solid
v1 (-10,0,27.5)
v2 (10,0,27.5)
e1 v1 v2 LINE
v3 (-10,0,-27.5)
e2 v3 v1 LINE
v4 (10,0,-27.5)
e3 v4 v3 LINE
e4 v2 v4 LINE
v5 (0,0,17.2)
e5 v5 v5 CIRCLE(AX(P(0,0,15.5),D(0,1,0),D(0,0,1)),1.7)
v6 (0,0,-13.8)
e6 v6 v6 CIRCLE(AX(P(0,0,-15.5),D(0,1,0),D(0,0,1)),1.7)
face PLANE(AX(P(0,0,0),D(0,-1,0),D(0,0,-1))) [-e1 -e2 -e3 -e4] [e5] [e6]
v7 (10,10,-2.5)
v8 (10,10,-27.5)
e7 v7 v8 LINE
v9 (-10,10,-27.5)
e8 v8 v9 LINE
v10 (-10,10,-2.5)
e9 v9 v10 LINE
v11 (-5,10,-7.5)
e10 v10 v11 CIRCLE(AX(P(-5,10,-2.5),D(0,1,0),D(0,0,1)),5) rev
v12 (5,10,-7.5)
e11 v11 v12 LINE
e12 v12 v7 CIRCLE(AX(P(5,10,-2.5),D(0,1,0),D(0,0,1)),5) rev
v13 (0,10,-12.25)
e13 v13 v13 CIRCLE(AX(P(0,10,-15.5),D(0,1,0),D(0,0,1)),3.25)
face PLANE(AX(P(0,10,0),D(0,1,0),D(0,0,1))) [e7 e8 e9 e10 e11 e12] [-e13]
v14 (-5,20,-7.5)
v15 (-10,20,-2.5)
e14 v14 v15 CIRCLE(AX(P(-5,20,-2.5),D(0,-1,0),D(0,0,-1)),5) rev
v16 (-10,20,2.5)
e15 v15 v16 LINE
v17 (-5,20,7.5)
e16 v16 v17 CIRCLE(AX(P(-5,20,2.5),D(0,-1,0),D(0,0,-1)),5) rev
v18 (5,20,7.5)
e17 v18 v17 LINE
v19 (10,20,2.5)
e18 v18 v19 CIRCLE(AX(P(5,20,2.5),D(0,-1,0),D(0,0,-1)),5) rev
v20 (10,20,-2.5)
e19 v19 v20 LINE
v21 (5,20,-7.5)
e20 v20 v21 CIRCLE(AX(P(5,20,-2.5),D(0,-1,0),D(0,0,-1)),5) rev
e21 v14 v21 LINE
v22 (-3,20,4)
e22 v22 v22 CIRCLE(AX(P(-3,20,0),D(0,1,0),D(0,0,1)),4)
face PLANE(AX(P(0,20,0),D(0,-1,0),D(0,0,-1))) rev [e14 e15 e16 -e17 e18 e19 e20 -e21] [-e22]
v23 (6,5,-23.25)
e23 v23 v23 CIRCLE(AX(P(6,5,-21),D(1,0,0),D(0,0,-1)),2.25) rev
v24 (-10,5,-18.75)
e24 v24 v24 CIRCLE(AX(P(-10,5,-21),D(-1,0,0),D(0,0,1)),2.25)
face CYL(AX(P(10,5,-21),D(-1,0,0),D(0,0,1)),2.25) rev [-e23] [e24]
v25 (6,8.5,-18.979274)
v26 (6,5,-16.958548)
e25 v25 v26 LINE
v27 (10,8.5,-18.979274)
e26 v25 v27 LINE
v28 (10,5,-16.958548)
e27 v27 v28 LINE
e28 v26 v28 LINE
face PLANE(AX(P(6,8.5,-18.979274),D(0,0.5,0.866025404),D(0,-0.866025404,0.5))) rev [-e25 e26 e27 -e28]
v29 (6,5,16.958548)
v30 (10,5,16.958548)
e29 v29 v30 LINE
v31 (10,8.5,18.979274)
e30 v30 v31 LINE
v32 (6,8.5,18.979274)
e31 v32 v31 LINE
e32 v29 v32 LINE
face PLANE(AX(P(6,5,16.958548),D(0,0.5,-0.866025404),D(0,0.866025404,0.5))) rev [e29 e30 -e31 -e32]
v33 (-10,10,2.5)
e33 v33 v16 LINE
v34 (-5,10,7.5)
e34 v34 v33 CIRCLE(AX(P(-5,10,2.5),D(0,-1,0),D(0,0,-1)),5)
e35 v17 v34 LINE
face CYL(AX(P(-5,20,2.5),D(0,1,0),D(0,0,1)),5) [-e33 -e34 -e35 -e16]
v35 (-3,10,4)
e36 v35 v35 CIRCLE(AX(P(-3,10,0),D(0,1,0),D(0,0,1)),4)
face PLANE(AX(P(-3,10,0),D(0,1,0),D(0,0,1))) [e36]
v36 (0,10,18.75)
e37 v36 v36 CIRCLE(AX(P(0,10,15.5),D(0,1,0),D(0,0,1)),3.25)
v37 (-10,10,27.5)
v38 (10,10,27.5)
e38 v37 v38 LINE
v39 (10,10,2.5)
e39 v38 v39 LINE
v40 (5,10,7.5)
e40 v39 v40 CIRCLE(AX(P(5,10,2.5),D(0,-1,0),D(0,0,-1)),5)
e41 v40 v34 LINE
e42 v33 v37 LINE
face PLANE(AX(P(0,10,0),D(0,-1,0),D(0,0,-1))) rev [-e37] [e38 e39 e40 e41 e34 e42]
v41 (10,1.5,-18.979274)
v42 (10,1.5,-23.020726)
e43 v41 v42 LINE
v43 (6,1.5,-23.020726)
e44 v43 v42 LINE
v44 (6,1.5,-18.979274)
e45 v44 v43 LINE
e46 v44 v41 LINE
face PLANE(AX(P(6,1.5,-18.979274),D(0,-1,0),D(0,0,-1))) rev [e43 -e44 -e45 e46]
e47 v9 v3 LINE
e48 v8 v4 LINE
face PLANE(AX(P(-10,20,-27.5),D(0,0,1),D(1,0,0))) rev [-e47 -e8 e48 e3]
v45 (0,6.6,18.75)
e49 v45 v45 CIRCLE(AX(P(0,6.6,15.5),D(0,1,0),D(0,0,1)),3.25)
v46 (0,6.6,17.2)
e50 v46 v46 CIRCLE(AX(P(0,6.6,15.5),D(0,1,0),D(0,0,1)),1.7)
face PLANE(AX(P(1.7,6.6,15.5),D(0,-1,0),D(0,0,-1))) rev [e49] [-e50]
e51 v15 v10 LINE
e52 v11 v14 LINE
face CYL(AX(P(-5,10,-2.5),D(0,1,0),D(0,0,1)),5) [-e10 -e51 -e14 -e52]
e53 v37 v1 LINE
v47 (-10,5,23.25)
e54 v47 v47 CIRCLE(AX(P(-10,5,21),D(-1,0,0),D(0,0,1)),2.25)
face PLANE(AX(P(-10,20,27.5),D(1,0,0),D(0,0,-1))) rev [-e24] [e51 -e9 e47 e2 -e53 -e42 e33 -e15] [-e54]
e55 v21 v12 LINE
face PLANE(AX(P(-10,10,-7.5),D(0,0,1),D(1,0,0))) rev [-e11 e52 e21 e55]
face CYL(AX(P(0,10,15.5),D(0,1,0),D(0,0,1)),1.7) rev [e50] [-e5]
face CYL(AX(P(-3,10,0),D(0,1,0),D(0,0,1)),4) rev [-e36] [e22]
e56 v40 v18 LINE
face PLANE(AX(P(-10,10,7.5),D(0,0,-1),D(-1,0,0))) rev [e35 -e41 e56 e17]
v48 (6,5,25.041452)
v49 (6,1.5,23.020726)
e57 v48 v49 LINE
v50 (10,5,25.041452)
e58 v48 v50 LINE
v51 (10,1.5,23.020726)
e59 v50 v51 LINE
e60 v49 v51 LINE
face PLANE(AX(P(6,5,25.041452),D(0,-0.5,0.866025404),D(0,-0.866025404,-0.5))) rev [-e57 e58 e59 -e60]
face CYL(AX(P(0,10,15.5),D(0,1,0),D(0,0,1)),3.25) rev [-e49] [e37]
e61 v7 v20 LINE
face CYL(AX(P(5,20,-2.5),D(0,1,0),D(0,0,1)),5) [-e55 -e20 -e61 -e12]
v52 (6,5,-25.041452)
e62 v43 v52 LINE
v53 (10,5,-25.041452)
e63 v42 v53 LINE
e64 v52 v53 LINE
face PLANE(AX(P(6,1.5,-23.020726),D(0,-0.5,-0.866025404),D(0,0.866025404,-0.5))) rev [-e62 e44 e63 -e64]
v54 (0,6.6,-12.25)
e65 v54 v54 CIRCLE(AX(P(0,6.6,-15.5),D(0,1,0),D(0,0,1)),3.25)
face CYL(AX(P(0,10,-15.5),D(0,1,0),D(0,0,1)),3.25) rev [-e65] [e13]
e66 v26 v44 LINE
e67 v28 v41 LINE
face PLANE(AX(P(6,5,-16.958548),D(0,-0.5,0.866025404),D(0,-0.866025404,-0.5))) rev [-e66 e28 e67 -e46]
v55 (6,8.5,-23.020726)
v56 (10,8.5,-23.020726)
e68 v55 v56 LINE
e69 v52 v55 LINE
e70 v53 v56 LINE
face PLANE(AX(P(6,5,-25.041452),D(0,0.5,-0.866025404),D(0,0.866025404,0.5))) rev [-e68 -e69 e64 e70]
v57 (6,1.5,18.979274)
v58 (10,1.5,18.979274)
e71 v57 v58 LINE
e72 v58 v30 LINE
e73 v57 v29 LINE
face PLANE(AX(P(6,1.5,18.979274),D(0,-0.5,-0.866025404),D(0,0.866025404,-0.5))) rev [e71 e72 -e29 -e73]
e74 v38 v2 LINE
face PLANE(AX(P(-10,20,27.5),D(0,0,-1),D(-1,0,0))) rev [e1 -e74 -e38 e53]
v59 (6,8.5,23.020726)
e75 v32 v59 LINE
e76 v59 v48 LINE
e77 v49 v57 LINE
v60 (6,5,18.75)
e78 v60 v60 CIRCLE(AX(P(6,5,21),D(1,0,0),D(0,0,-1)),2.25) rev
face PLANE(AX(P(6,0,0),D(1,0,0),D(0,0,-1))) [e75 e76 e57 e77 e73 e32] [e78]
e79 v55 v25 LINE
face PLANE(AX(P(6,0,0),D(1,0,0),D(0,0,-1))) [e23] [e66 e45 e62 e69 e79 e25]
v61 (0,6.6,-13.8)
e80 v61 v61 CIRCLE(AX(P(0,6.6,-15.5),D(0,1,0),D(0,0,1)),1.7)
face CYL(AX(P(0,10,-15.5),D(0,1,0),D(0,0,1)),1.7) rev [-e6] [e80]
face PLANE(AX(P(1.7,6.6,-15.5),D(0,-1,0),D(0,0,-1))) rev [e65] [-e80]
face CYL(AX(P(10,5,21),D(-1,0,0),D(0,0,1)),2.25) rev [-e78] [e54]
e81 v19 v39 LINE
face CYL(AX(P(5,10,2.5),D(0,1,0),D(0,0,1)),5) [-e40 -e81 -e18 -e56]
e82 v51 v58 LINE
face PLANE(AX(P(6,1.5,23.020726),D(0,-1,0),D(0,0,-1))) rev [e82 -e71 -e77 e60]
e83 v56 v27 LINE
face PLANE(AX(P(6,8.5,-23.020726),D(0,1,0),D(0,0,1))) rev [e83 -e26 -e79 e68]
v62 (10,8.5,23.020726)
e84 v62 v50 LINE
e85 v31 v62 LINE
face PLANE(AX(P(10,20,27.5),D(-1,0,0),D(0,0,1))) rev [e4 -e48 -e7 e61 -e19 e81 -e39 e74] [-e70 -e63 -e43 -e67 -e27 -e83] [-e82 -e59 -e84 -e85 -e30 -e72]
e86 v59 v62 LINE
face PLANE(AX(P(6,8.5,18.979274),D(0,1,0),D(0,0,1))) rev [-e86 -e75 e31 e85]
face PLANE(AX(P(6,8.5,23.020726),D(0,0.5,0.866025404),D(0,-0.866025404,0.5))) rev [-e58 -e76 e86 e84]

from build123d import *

# Parameters (mm, degrees)
SKETCH1_W                                           = 20
SKETCH1_H                                           = 55
BOSS_EXTRUDE1_DEPTH                                 = 20
SKETCH2_R                                           = 4
CUT_EXTRUDE1_DEPTH                                  = 10
SKETCH3_W                                           = 20
SKETCH3_H                                           = 20
CUT_EXTRUDE2_DEPTH                                  = 10
CBORE_FOR_M3_HEX_SOCKET_HEAD_CAP_SCREW1_D           = 3.4
CBORE_FOR_M3_HEX_SOCKET_HEAD_CAP_SCREW1_CBORE_D     = 6.5
CBORE_FOR_M3_HEX_SOCKET_HEAD_CAP_SCREW1_CBORE_DEPTH = 3.4
FILLET2_R                                           = 5
SKETCH9_R                                           = 2.25
CUT_EXTRUDE5_DEPTH                                  = 40.449334595
CUT_EXTRUDE6_DEPTH                                  = 4


with BuildPart() as part:
    # Sketch1 → Boss-Extrude1 (new body)
    with BuildSketch(Plane(origin=(0, 0, 0), x_dir=(1, 0, 0), z_dir=(0, 1, 0))):
        Rectangle(SKETCH1_W, SKETCH1_H)
    extrude(amount=BOSS_EXTRUDE1_DEPTH)

    # Sketch2 → Cut-Extrude1 (cut)
    with BuildSketch(Plane(origin=(0, 20, 0), x_dir=(1, 0, 0), z_dir=(0, 1, 0))):
        with Locations(Location((-3, 0, 0), (0, 0, 270))):
            Circle(SKETCH2_R)
    extrude(amount=-CUT_EXTRUDE1_DEPTH, mode=Mode.SUBTRACT)

    # Sketch3 → Cut-Extrude2 (cut)
    with BuildSketch(Plane(origin=(0, 20, 0), x_dir=(1, 0, 0), z_dir=(0, 1, 0))):
        with Locations((0, -17.5)):
            Rectangle(SKETCH3_W, SKETCH3_H)
        with Locations((0, 17.5)):
            Rectangle(SKETCH3_W, SKETCH3_H)
    extrude(amount=-CUT_EXTRUDE2_DEPTH, mode=Mode.SUBTRACT)

    # CBORE for M3 Hex Socket Head Cap Screw1 (through all)
    with Locations(Plane(origin=(0, 10, 0), x_dir=(1, 0, 0), z_dir=(0, 1, 0))):
        with Locations((0, -15.5), (0, 15.5)):
            CounterBoreHole(CBORE_FOR_M3_HEX_SOCKET_HEAD_CAP_SCREW1_D / 2, CBORE_FOR_M3_HEX_SOCKET_HEAD_CAP_SCREW1_CBORE_D / 2, CBORE_FOR_M3_HEX_SOCKET_HEAD_CAP_SCREW1_CBORE_DEPTH)

    # Fillet2
    fillet2_edges = [part.edges().sort_by_distance(p)[0] for p in [
        (-10, 15, 7.5),
        (10, 15, 7.5),
        (-10, 15, -7.5),
        (10, 15, -7.5),
    ]]
    fillet(fillet2_edges, radius=FILLET2_R)

    # Sketch9 → Cut-Extrude5 (cut, through all)
    with BuildSketch(Plane.ZY.offset(10)):
        with Locations((-21, 5)):
            Circle(SKETCH9_R)
        with Locations((21, 5)):
            Circle(SKETCH9_R)
    extrude(amount=-CUT_EXTRUDE5_DEPTH, mode=Mode.SUBTRACT)

    # Sketch10 → Cut-Extrude6 (cut)
    with BuildSketch(Plane(origin=(10, 0, 0), x_dir=(0, 0, -1), z_dir=(1, 0, 0))):
        Polygon((-16.958548116, 5), (-18.979274058, 8.5), (-23.020725942, 8.5), (-25.041451884, 5), (-23.020725942, 1.5), (-18.979274058, 1.5), align=None)
        Polygon((16.958548116, 5), (18.979274058, 1.5), (23.020725942, 1.5), (25.041451884, 5), (23.020725942, 8.5), (18.979274058, 8.5), align=None)
    extrude(amount=-CUT_EXTRUDE6_DEPTH, mode=Mode.SUBTRACT)


solid = part.part
